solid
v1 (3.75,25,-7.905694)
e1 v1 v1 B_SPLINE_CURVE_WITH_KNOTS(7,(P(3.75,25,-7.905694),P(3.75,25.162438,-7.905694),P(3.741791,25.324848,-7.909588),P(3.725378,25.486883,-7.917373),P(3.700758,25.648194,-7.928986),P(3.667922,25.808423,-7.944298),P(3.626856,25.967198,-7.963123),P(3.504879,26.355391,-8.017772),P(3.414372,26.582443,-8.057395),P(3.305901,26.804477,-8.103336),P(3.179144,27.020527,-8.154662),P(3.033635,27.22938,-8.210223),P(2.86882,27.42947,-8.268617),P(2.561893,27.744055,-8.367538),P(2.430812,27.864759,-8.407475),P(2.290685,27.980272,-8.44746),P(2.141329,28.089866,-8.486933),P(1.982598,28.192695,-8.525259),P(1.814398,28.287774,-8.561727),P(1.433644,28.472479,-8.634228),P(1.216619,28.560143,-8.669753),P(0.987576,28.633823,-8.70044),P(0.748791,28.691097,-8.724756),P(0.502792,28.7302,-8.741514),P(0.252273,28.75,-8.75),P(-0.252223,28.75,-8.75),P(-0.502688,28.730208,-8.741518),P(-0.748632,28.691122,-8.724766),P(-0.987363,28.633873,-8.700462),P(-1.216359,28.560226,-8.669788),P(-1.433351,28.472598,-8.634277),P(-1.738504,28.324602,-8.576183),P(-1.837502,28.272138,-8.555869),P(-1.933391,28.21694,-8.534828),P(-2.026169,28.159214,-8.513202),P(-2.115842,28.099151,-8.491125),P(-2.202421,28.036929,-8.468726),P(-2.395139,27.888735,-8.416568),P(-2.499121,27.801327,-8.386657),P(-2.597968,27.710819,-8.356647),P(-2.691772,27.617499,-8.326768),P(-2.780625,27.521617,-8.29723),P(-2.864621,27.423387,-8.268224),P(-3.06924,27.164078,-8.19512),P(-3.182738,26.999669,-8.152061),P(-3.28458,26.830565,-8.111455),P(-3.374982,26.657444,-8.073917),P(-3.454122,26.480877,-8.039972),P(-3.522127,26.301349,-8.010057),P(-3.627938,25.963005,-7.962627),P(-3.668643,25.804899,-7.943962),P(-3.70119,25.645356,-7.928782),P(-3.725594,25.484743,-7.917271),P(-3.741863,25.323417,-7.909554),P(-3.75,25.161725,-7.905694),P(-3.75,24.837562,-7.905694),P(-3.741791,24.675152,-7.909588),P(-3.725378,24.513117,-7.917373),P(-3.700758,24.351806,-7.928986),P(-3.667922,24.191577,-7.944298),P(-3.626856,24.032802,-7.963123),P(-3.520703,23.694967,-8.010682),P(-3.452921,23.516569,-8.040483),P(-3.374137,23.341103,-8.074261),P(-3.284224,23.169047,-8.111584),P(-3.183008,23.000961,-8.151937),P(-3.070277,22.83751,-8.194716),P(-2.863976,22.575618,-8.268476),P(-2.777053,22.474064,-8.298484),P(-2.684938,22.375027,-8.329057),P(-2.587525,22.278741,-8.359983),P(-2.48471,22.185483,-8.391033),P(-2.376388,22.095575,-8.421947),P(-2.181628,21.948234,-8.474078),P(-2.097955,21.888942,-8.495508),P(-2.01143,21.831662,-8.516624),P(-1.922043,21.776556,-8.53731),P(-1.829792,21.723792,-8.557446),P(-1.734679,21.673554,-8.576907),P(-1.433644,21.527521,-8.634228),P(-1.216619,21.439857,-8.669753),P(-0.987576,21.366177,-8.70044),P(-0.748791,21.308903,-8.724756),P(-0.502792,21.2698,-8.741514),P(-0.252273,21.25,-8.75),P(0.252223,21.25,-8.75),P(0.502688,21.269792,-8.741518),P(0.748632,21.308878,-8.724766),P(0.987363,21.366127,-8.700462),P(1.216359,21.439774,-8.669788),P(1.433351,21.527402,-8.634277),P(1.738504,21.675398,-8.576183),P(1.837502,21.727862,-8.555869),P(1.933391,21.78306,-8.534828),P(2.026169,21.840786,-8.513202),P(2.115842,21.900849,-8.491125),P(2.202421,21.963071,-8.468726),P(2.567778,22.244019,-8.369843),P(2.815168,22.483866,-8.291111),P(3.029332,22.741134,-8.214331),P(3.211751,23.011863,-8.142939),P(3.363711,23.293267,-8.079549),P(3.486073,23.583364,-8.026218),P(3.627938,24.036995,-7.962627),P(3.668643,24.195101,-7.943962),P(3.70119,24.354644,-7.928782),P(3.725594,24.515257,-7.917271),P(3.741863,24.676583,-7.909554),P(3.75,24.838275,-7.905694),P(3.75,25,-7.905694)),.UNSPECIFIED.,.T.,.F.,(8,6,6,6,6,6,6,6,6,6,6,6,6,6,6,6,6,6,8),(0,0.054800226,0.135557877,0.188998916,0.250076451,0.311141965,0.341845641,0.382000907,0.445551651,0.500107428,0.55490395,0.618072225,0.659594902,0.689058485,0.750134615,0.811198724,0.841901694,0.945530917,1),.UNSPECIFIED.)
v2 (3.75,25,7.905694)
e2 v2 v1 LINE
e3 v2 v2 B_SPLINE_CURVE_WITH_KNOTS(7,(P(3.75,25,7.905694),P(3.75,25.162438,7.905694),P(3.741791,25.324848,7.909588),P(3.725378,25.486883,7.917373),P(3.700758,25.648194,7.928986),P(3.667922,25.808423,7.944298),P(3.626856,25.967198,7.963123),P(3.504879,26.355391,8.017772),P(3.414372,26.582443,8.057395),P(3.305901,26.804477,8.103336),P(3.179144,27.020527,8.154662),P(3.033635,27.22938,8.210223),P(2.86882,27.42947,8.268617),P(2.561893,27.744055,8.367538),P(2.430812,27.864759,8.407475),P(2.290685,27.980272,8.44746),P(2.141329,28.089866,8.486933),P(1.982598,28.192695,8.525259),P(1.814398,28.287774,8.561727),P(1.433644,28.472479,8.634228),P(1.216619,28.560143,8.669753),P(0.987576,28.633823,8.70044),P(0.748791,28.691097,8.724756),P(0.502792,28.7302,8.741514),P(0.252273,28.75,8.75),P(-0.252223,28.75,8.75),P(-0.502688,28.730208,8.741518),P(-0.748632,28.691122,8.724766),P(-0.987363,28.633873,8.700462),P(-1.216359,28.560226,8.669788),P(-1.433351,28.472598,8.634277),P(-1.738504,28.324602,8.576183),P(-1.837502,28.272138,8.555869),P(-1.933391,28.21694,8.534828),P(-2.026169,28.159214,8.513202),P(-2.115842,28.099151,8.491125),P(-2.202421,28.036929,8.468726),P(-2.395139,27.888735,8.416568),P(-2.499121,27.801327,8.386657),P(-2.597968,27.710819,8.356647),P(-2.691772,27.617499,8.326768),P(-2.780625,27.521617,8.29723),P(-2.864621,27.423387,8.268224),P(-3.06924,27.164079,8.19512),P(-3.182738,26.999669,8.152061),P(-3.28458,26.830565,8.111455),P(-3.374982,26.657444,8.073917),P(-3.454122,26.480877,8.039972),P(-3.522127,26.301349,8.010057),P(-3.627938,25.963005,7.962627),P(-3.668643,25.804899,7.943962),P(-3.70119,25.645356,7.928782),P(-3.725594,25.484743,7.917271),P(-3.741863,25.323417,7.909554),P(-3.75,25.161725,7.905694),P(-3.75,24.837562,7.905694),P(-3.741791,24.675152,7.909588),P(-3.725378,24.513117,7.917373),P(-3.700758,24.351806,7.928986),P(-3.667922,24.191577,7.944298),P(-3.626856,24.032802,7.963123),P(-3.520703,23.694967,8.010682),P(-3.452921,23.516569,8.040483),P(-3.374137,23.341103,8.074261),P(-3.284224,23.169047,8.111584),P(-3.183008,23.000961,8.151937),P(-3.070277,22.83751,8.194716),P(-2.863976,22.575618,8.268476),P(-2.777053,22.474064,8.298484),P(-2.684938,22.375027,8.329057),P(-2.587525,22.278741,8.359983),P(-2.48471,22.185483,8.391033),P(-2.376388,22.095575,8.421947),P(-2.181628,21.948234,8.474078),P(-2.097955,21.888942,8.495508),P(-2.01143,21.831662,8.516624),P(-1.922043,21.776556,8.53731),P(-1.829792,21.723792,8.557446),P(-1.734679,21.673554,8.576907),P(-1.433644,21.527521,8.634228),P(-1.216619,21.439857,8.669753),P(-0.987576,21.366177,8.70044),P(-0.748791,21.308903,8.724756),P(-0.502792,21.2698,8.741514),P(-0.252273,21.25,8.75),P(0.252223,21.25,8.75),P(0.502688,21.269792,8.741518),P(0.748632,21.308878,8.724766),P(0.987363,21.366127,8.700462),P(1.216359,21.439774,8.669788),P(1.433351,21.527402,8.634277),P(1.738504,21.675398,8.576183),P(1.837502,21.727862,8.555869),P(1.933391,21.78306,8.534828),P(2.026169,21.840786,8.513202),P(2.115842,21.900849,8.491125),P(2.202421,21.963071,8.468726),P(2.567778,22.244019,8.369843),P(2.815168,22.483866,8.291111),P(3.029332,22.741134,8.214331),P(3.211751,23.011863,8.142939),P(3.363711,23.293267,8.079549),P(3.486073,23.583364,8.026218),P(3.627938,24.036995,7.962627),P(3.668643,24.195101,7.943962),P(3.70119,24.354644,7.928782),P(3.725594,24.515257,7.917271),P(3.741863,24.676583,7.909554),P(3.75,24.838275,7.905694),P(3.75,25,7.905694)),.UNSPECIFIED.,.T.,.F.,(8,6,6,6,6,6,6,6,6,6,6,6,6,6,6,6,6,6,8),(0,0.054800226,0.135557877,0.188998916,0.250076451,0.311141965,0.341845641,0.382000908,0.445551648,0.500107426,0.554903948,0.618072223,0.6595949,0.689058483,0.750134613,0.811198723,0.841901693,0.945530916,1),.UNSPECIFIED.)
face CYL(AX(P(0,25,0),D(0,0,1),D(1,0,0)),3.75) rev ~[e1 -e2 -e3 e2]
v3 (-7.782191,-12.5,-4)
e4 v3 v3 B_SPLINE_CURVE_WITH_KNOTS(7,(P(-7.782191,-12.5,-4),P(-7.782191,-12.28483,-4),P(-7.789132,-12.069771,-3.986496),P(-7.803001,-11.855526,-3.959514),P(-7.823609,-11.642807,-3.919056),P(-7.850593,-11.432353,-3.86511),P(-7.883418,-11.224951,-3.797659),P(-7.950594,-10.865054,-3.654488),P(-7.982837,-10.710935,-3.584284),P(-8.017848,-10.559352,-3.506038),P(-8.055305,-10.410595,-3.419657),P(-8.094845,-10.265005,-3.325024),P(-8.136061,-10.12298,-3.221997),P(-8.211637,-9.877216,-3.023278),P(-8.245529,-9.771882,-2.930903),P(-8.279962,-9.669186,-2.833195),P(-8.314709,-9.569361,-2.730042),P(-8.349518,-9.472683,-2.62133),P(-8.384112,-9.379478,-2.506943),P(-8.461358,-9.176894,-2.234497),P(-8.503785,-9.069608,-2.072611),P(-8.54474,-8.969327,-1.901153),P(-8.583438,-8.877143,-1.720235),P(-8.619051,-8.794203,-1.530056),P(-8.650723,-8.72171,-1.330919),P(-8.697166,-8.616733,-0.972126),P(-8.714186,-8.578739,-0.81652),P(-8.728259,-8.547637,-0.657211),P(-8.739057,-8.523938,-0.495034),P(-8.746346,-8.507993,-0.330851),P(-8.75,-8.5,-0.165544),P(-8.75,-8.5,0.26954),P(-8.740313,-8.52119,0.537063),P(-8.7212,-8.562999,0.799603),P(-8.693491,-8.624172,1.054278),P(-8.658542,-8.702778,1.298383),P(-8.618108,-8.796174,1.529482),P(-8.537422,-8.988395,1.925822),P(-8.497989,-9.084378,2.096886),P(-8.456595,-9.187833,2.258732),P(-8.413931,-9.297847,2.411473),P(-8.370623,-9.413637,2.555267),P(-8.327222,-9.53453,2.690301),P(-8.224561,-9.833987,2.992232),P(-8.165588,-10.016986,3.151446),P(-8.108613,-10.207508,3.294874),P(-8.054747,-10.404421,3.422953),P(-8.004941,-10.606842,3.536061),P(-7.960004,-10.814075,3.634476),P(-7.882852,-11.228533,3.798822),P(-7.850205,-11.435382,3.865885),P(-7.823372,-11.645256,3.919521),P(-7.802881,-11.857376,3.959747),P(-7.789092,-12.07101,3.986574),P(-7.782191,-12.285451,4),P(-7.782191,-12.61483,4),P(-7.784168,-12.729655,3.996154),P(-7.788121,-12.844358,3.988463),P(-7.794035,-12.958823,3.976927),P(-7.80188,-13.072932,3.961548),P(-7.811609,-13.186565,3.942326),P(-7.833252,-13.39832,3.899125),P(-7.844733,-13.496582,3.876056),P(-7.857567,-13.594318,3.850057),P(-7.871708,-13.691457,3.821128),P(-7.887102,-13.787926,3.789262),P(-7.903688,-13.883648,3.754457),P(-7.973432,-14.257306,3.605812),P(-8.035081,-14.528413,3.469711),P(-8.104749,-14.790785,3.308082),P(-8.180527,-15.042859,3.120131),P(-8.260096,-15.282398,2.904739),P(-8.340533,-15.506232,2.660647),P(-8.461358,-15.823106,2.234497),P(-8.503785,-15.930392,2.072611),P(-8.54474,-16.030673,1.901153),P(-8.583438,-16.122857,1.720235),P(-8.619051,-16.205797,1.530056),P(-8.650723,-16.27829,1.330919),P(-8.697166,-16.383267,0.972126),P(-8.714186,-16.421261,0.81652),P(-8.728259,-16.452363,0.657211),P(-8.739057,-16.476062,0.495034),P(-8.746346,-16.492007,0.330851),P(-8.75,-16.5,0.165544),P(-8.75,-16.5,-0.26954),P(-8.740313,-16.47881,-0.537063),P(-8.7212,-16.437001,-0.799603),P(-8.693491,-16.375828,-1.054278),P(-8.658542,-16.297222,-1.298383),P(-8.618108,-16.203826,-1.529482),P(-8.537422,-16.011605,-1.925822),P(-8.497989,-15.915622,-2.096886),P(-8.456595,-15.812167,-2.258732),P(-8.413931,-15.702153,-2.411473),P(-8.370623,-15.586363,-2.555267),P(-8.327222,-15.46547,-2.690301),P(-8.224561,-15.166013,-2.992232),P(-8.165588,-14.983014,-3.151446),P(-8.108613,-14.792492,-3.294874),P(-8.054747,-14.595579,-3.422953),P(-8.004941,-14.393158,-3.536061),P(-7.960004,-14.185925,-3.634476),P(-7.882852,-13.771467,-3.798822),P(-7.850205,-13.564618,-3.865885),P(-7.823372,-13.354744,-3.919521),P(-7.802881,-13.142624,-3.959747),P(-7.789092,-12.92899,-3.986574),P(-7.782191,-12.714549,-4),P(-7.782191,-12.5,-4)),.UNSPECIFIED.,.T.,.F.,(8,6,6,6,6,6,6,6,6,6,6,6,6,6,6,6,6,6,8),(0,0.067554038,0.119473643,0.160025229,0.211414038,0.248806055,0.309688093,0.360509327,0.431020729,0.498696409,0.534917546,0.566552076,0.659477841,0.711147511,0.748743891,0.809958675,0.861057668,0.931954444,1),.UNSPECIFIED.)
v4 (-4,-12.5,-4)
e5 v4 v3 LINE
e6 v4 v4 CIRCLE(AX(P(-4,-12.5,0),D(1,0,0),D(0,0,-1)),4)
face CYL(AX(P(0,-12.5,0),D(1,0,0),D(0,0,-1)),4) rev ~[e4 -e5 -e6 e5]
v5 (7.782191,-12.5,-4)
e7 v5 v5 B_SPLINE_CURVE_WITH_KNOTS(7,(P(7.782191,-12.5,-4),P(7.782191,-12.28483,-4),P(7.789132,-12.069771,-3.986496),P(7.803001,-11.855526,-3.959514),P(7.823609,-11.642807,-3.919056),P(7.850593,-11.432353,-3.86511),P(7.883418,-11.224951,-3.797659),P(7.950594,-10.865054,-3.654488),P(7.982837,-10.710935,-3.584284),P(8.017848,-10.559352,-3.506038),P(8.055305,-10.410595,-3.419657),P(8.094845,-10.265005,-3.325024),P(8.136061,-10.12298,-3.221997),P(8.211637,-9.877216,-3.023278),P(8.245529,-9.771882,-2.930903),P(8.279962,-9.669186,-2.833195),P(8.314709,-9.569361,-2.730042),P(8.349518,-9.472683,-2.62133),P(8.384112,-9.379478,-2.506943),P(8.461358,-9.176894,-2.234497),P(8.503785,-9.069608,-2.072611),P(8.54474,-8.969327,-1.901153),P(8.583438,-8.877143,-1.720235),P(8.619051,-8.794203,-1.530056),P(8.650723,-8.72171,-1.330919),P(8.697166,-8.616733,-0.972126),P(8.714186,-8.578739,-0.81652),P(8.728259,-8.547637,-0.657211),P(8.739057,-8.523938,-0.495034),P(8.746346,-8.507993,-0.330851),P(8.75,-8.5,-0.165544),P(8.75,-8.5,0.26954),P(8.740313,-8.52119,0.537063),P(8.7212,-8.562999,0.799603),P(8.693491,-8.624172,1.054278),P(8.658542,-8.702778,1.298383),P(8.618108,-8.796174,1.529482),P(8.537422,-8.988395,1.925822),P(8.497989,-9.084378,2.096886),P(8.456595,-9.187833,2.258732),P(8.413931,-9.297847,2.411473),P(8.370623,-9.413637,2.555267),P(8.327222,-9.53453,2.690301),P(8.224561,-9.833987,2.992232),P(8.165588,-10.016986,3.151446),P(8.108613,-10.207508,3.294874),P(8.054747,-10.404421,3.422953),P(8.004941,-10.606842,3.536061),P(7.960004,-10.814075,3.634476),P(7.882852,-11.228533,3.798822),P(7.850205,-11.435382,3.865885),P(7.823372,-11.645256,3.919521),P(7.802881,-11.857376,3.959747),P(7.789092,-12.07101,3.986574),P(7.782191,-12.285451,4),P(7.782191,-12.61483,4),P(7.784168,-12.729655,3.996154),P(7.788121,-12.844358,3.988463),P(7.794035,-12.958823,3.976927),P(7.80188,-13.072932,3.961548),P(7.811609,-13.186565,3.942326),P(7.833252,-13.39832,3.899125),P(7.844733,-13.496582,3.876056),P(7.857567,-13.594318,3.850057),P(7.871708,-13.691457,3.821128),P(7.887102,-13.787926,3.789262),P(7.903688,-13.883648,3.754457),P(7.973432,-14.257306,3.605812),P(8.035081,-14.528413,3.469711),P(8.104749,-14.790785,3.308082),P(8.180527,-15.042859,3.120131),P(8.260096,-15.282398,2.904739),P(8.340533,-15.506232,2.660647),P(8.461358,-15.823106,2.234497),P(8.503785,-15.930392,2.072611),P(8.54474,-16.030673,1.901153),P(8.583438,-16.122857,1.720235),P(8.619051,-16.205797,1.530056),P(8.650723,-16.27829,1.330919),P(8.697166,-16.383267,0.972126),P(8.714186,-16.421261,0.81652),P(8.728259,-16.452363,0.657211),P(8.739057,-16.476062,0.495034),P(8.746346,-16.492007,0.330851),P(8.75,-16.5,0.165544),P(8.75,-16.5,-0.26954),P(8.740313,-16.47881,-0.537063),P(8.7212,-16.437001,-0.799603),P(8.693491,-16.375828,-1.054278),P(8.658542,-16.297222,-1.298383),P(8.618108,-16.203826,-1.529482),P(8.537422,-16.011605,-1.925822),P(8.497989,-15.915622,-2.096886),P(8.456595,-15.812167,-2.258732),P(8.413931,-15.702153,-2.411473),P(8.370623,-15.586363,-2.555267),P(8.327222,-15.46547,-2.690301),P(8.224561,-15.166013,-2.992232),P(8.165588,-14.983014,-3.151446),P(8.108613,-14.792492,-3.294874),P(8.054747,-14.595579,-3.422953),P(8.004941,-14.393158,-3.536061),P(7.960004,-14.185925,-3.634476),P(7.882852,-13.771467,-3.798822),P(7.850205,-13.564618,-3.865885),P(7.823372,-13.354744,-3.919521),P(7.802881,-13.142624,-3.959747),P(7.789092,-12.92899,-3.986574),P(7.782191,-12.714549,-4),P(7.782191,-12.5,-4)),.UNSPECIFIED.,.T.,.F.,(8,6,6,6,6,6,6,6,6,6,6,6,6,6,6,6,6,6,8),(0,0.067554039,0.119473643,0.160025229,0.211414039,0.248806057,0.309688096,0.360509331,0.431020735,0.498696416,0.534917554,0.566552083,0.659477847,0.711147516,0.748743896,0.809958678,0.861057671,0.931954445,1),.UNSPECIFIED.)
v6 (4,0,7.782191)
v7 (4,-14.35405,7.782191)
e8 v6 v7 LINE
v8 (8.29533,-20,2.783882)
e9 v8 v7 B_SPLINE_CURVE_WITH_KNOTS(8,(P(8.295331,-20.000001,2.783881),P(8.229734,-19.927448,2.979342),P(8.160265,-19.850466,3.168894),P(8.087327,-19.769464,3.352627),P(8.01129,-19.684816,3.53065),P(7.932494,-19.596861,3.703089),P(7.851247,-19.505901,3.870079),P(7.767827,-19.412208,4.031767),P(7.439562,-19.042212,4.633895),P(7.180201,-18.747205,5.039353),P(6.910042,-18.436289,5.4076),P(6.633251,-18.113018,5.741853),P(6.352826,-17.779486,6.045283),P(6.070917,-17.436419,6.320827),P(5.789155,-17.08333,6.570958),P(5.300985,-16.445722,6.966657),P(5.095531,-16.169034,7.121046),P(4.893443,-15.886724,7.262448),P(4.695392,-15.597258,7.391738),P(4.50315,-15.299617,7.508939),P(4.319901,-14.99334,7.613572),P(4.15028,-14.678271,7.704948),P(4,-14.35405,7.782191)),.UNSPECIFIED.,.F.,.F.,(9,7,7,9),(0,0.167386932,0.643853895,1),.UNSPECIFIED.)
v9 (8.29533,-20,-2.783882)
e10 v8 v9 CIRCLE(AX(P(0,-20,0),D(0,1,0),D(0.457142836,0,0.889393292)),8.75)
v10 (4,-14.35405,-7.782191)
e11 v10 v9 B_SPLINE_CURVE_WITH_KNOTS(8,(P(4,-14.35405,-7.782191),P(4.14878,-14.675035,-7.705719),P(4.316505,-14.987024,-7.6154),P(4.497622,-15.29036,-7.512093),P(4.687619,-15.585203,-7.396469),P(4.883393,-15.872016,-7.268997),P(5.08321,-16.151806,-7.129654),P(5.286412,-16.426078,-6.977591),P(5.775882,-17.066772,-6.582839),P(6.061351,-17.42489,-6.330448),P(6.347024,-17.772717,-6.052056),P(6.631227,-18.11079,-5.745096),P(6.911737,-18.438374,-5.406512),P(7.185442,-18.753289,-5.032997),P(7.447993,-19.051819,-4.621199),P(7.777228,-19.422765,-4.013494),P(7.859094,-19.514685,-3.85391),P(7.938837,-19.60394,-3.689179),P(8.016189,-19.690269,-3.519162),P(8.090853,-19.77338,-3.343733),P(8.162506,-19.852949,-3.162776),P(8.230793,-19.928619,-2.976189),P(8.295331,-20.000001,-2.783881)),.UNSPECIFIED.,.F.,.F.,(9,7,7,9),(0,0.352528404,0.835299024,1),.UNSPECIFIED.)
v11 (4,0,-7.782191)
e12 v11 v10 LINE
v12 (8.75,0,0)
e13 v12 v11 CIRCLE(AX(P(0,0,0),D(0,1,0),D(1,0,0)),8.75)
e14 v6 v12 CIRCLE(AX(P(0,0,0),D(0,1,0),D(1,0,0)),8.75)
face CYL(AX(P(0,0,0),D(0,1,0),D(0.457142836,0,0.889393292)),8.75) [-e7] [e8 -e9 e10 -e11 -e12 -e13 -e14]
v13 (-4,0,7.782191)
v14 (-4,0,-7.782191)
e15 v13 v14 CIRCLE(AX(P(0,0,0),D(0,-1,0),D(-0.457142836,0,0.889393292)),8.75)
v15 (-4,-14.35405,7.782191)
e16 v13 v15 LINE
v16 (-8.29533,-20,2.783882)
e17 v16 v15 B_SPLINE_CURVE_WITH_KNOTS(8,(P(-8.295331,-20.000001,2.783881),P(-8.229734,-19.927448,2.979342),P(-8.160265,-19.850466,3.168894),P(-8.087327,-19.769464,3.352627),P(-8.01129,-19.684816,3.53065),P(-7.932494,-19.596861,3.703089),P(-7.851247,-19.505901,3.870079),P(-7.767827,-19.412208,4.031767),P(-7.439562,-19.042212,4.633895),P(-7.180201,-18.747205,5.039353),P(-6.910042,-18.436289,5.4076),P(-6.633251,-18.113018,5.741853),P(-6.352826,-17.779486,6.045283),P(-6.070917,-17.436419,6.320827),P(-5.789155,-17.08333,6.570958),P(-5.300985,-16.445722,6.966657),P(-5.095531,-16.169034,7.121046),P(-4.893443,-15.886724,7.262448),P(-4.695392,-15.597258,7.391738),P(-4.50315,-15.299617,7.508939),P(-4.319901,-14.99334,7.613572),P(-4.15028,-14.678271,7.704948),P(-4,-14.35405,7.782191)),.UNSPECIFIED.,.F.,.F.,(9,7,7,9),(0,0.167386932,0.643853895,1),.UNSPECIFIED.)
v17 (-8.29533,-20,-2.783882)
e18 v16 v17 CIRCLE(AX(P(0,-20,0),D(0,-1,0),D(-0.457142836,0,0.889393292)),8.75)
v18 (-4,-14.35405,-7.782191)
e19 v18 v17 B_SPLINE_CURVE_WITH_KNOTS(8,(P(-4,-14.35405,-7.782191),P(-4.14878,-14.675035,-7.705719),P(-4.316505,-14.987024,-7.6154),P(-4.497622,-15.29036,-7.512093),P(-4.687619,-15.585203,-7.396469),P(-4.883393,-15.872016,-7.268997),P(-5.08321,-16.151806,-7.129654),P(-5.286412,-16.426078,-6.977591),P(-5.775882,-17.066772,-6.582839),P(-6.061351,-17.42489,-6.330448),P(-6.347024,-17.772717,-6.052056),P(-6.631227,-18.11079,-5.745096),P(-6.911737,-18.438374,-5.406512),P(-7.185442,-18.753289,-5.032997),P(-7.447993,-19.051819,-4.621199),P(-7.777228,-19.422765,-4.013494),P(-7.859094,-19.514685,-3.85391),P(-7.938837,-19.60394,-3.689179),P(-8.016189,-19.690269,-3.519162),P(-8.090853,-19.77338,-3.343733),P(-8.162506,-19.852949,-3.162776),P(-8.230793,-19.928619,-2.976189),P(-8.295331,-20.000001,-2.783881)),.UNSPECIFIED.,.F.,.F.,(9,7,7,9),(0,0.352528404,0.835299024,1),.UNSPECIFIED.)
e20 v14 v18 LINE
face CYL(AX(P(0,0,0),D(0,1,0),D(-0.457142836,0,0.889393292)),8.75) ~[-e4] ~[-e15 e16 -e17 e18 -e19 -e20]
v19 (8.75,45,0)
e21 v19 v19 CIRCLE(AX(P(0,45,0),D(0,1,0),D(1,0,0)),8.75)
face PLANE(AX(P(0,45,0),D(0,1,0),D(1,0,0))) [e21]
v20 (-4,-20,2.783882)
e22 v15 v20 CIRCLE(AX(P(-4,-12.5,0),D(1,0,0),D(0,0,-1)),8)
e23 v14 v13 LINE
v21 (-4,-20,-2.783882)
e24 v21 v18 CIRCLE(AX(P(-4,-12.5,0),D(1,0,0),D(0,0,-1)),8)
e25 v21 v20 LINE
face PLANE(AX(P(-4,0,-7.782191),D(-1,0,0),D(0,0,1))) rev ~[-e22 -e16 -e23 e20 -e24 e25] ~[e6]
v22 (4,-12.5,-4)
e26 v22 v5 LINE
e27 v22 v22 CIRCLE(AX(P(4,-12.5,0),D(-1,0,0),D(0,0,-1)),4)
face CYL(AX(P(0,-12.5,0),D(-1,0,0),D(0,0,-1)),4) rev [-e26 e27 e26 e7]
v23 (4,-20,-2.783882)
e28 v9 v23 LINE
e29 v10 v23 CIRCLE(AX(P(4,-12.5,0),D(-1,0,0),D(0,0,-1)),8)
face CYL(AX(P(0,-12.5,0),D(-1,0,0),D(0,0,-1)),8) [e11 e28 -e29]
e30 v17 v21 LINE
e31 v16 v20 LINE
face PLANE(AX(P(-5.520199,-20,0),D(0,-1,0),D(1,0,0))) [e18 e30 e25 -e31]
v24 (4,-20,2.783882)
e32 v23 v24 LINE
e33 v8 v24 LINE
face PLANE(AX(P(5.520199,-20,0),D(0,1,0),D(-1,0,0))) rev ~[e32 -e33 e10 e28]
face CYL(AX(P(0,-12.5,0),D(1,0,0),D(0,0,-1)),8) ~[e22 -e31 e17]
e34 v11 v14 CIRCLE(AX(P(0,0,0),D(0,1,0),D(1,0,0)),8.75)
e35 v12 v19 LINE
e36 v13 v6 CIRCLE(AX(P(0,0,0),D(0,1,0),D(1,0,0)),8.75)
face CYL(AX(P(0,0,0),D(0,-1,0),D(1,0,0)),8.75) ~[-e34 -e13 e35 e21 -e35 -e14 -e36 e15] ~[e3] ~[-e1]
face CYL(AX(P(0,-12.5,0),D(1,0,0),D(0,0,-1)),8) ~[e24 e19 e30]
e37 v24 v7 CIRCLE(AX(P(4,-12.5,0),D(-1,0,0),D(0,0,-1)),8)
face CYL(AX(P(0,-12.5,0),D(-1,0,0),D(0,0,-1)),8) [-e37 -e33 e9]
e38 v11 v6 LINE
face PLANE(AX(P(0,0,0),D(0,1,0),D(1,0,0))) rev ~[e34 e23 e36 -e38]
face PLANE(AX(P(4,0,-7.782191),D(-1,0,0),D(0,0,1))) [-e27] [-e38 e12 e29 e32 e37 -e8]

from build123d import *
from build123d.topology import SkipClean

# Parameters (mm, degrees)
SKETCH1_R               = 8.75
BOSS_EXTRUDE1_DEPTH     = 45
BOSS_EXTRUDE2_START     = 20
BOSS_EXTRUDE2_DEPTH     = 20
CUT_EXTRUDE2_DEPTH      = 15
CUT_EXTRUDE2_DEPTH_BACK = 15
SKETCH3_R               = 4
CUT_EXTRUDE3_DEPTH      = 15
CUT_EXTRUDE3_DEPTH_BACK = 15
SKETCH4_R               = 3.75


with BuildPart() as part:
    # Sketch1 → Boss-Extrude1 (new body)
    with BuildSketch(Plane(origin=(0, 0, 0), x_dir=(1, 0, 0), z_dir=(0, 1, 0))):
        Circle(SKETCH1_R)
    extrude(amount=BOSS_EXTRUDE1_DEPTH)

    # Sketch2 → Boss-Extrude2 (add)
    with SkipClean():  # the faces are left unmerged after this step: merging them gives an invalid solid
        with BuildSketch(Plane.XZ.offset(BOSS_EXTRUDE2_START)):
            with BuildLine():
                Line((-4, -7.782191208), (-4, 7.782191208))
                ThreePointArc((-4, 7.782191208), (-8.75, 0), (-4, -7.782191208))
            make_face()
            with BuildLine():
                Line((4, -7.782191208), (4, 7.782191208))
                ThreePointArc((4, 7.782191208), (8.75, 0), (4, -7.782191208))
            make_face()
        extrude(amount=-BOSS_EXTRUDE2_DEPTH)

    # Sketch3 → Cut-Extrude2 (cut, two sides: drawn at the far end of the back side and taken through both)
    with SkipClean():  # the faces are left unmerged after this step: merging them gives an invalid solid
        with BuildSketch(Plane(origin=(0, 0, 0), x_dir=(0, 0, -1), z_dir=(1, 0, 0)).offset(-CUT_EXTRUDE2_DEPTH_BACK)):
            with Locations((0, -12.5)):
                Circle(SKETCH3_R)
            with BuildLine():
                Line((-8, -12.5), (-11.944744316, -12.5))
                Line((-11.944744316, -12.5), (-11.944744316, -23.565322798))
                Line((-11.944744316, -23.565322798), (12.069953463, -23.565322798))
                Line((12.069953463, -23.565322798), (12.069953463, -12.5))
                Line((12.069953463, -12.5), (8, -12.5))
                ThreePointArc((8, -12.5), (0, -20.5), (-8, -12.5))
            make_face()
        extrude(amount=CUT_EXTRUDE2_DEPTH + CUT_EXTRUDE2_DEPTH_BACK, mode=Mode.SUBTRACT)

    # Sketch4 → Cut-Extrude3 (cut, two sides: drawn at the far end of the back side and taken through both)
    with SkipClean():  # the faces are left unmerged after this step: merging them gives an invalid solid
        with BuildSketch(Plane.XY.offset(-CUT_EXTRUDE3_DEPTH_BACK)):
            with Locations((0, 25)):
                Circle(SKETCH4_R)
        extrude(amount=CUT_EXTRUDE3_DEPTH + CUT_EXTRUDE3_DEPTH_BACK, mode=Mode.SUBTRACT)


solid = part.part
